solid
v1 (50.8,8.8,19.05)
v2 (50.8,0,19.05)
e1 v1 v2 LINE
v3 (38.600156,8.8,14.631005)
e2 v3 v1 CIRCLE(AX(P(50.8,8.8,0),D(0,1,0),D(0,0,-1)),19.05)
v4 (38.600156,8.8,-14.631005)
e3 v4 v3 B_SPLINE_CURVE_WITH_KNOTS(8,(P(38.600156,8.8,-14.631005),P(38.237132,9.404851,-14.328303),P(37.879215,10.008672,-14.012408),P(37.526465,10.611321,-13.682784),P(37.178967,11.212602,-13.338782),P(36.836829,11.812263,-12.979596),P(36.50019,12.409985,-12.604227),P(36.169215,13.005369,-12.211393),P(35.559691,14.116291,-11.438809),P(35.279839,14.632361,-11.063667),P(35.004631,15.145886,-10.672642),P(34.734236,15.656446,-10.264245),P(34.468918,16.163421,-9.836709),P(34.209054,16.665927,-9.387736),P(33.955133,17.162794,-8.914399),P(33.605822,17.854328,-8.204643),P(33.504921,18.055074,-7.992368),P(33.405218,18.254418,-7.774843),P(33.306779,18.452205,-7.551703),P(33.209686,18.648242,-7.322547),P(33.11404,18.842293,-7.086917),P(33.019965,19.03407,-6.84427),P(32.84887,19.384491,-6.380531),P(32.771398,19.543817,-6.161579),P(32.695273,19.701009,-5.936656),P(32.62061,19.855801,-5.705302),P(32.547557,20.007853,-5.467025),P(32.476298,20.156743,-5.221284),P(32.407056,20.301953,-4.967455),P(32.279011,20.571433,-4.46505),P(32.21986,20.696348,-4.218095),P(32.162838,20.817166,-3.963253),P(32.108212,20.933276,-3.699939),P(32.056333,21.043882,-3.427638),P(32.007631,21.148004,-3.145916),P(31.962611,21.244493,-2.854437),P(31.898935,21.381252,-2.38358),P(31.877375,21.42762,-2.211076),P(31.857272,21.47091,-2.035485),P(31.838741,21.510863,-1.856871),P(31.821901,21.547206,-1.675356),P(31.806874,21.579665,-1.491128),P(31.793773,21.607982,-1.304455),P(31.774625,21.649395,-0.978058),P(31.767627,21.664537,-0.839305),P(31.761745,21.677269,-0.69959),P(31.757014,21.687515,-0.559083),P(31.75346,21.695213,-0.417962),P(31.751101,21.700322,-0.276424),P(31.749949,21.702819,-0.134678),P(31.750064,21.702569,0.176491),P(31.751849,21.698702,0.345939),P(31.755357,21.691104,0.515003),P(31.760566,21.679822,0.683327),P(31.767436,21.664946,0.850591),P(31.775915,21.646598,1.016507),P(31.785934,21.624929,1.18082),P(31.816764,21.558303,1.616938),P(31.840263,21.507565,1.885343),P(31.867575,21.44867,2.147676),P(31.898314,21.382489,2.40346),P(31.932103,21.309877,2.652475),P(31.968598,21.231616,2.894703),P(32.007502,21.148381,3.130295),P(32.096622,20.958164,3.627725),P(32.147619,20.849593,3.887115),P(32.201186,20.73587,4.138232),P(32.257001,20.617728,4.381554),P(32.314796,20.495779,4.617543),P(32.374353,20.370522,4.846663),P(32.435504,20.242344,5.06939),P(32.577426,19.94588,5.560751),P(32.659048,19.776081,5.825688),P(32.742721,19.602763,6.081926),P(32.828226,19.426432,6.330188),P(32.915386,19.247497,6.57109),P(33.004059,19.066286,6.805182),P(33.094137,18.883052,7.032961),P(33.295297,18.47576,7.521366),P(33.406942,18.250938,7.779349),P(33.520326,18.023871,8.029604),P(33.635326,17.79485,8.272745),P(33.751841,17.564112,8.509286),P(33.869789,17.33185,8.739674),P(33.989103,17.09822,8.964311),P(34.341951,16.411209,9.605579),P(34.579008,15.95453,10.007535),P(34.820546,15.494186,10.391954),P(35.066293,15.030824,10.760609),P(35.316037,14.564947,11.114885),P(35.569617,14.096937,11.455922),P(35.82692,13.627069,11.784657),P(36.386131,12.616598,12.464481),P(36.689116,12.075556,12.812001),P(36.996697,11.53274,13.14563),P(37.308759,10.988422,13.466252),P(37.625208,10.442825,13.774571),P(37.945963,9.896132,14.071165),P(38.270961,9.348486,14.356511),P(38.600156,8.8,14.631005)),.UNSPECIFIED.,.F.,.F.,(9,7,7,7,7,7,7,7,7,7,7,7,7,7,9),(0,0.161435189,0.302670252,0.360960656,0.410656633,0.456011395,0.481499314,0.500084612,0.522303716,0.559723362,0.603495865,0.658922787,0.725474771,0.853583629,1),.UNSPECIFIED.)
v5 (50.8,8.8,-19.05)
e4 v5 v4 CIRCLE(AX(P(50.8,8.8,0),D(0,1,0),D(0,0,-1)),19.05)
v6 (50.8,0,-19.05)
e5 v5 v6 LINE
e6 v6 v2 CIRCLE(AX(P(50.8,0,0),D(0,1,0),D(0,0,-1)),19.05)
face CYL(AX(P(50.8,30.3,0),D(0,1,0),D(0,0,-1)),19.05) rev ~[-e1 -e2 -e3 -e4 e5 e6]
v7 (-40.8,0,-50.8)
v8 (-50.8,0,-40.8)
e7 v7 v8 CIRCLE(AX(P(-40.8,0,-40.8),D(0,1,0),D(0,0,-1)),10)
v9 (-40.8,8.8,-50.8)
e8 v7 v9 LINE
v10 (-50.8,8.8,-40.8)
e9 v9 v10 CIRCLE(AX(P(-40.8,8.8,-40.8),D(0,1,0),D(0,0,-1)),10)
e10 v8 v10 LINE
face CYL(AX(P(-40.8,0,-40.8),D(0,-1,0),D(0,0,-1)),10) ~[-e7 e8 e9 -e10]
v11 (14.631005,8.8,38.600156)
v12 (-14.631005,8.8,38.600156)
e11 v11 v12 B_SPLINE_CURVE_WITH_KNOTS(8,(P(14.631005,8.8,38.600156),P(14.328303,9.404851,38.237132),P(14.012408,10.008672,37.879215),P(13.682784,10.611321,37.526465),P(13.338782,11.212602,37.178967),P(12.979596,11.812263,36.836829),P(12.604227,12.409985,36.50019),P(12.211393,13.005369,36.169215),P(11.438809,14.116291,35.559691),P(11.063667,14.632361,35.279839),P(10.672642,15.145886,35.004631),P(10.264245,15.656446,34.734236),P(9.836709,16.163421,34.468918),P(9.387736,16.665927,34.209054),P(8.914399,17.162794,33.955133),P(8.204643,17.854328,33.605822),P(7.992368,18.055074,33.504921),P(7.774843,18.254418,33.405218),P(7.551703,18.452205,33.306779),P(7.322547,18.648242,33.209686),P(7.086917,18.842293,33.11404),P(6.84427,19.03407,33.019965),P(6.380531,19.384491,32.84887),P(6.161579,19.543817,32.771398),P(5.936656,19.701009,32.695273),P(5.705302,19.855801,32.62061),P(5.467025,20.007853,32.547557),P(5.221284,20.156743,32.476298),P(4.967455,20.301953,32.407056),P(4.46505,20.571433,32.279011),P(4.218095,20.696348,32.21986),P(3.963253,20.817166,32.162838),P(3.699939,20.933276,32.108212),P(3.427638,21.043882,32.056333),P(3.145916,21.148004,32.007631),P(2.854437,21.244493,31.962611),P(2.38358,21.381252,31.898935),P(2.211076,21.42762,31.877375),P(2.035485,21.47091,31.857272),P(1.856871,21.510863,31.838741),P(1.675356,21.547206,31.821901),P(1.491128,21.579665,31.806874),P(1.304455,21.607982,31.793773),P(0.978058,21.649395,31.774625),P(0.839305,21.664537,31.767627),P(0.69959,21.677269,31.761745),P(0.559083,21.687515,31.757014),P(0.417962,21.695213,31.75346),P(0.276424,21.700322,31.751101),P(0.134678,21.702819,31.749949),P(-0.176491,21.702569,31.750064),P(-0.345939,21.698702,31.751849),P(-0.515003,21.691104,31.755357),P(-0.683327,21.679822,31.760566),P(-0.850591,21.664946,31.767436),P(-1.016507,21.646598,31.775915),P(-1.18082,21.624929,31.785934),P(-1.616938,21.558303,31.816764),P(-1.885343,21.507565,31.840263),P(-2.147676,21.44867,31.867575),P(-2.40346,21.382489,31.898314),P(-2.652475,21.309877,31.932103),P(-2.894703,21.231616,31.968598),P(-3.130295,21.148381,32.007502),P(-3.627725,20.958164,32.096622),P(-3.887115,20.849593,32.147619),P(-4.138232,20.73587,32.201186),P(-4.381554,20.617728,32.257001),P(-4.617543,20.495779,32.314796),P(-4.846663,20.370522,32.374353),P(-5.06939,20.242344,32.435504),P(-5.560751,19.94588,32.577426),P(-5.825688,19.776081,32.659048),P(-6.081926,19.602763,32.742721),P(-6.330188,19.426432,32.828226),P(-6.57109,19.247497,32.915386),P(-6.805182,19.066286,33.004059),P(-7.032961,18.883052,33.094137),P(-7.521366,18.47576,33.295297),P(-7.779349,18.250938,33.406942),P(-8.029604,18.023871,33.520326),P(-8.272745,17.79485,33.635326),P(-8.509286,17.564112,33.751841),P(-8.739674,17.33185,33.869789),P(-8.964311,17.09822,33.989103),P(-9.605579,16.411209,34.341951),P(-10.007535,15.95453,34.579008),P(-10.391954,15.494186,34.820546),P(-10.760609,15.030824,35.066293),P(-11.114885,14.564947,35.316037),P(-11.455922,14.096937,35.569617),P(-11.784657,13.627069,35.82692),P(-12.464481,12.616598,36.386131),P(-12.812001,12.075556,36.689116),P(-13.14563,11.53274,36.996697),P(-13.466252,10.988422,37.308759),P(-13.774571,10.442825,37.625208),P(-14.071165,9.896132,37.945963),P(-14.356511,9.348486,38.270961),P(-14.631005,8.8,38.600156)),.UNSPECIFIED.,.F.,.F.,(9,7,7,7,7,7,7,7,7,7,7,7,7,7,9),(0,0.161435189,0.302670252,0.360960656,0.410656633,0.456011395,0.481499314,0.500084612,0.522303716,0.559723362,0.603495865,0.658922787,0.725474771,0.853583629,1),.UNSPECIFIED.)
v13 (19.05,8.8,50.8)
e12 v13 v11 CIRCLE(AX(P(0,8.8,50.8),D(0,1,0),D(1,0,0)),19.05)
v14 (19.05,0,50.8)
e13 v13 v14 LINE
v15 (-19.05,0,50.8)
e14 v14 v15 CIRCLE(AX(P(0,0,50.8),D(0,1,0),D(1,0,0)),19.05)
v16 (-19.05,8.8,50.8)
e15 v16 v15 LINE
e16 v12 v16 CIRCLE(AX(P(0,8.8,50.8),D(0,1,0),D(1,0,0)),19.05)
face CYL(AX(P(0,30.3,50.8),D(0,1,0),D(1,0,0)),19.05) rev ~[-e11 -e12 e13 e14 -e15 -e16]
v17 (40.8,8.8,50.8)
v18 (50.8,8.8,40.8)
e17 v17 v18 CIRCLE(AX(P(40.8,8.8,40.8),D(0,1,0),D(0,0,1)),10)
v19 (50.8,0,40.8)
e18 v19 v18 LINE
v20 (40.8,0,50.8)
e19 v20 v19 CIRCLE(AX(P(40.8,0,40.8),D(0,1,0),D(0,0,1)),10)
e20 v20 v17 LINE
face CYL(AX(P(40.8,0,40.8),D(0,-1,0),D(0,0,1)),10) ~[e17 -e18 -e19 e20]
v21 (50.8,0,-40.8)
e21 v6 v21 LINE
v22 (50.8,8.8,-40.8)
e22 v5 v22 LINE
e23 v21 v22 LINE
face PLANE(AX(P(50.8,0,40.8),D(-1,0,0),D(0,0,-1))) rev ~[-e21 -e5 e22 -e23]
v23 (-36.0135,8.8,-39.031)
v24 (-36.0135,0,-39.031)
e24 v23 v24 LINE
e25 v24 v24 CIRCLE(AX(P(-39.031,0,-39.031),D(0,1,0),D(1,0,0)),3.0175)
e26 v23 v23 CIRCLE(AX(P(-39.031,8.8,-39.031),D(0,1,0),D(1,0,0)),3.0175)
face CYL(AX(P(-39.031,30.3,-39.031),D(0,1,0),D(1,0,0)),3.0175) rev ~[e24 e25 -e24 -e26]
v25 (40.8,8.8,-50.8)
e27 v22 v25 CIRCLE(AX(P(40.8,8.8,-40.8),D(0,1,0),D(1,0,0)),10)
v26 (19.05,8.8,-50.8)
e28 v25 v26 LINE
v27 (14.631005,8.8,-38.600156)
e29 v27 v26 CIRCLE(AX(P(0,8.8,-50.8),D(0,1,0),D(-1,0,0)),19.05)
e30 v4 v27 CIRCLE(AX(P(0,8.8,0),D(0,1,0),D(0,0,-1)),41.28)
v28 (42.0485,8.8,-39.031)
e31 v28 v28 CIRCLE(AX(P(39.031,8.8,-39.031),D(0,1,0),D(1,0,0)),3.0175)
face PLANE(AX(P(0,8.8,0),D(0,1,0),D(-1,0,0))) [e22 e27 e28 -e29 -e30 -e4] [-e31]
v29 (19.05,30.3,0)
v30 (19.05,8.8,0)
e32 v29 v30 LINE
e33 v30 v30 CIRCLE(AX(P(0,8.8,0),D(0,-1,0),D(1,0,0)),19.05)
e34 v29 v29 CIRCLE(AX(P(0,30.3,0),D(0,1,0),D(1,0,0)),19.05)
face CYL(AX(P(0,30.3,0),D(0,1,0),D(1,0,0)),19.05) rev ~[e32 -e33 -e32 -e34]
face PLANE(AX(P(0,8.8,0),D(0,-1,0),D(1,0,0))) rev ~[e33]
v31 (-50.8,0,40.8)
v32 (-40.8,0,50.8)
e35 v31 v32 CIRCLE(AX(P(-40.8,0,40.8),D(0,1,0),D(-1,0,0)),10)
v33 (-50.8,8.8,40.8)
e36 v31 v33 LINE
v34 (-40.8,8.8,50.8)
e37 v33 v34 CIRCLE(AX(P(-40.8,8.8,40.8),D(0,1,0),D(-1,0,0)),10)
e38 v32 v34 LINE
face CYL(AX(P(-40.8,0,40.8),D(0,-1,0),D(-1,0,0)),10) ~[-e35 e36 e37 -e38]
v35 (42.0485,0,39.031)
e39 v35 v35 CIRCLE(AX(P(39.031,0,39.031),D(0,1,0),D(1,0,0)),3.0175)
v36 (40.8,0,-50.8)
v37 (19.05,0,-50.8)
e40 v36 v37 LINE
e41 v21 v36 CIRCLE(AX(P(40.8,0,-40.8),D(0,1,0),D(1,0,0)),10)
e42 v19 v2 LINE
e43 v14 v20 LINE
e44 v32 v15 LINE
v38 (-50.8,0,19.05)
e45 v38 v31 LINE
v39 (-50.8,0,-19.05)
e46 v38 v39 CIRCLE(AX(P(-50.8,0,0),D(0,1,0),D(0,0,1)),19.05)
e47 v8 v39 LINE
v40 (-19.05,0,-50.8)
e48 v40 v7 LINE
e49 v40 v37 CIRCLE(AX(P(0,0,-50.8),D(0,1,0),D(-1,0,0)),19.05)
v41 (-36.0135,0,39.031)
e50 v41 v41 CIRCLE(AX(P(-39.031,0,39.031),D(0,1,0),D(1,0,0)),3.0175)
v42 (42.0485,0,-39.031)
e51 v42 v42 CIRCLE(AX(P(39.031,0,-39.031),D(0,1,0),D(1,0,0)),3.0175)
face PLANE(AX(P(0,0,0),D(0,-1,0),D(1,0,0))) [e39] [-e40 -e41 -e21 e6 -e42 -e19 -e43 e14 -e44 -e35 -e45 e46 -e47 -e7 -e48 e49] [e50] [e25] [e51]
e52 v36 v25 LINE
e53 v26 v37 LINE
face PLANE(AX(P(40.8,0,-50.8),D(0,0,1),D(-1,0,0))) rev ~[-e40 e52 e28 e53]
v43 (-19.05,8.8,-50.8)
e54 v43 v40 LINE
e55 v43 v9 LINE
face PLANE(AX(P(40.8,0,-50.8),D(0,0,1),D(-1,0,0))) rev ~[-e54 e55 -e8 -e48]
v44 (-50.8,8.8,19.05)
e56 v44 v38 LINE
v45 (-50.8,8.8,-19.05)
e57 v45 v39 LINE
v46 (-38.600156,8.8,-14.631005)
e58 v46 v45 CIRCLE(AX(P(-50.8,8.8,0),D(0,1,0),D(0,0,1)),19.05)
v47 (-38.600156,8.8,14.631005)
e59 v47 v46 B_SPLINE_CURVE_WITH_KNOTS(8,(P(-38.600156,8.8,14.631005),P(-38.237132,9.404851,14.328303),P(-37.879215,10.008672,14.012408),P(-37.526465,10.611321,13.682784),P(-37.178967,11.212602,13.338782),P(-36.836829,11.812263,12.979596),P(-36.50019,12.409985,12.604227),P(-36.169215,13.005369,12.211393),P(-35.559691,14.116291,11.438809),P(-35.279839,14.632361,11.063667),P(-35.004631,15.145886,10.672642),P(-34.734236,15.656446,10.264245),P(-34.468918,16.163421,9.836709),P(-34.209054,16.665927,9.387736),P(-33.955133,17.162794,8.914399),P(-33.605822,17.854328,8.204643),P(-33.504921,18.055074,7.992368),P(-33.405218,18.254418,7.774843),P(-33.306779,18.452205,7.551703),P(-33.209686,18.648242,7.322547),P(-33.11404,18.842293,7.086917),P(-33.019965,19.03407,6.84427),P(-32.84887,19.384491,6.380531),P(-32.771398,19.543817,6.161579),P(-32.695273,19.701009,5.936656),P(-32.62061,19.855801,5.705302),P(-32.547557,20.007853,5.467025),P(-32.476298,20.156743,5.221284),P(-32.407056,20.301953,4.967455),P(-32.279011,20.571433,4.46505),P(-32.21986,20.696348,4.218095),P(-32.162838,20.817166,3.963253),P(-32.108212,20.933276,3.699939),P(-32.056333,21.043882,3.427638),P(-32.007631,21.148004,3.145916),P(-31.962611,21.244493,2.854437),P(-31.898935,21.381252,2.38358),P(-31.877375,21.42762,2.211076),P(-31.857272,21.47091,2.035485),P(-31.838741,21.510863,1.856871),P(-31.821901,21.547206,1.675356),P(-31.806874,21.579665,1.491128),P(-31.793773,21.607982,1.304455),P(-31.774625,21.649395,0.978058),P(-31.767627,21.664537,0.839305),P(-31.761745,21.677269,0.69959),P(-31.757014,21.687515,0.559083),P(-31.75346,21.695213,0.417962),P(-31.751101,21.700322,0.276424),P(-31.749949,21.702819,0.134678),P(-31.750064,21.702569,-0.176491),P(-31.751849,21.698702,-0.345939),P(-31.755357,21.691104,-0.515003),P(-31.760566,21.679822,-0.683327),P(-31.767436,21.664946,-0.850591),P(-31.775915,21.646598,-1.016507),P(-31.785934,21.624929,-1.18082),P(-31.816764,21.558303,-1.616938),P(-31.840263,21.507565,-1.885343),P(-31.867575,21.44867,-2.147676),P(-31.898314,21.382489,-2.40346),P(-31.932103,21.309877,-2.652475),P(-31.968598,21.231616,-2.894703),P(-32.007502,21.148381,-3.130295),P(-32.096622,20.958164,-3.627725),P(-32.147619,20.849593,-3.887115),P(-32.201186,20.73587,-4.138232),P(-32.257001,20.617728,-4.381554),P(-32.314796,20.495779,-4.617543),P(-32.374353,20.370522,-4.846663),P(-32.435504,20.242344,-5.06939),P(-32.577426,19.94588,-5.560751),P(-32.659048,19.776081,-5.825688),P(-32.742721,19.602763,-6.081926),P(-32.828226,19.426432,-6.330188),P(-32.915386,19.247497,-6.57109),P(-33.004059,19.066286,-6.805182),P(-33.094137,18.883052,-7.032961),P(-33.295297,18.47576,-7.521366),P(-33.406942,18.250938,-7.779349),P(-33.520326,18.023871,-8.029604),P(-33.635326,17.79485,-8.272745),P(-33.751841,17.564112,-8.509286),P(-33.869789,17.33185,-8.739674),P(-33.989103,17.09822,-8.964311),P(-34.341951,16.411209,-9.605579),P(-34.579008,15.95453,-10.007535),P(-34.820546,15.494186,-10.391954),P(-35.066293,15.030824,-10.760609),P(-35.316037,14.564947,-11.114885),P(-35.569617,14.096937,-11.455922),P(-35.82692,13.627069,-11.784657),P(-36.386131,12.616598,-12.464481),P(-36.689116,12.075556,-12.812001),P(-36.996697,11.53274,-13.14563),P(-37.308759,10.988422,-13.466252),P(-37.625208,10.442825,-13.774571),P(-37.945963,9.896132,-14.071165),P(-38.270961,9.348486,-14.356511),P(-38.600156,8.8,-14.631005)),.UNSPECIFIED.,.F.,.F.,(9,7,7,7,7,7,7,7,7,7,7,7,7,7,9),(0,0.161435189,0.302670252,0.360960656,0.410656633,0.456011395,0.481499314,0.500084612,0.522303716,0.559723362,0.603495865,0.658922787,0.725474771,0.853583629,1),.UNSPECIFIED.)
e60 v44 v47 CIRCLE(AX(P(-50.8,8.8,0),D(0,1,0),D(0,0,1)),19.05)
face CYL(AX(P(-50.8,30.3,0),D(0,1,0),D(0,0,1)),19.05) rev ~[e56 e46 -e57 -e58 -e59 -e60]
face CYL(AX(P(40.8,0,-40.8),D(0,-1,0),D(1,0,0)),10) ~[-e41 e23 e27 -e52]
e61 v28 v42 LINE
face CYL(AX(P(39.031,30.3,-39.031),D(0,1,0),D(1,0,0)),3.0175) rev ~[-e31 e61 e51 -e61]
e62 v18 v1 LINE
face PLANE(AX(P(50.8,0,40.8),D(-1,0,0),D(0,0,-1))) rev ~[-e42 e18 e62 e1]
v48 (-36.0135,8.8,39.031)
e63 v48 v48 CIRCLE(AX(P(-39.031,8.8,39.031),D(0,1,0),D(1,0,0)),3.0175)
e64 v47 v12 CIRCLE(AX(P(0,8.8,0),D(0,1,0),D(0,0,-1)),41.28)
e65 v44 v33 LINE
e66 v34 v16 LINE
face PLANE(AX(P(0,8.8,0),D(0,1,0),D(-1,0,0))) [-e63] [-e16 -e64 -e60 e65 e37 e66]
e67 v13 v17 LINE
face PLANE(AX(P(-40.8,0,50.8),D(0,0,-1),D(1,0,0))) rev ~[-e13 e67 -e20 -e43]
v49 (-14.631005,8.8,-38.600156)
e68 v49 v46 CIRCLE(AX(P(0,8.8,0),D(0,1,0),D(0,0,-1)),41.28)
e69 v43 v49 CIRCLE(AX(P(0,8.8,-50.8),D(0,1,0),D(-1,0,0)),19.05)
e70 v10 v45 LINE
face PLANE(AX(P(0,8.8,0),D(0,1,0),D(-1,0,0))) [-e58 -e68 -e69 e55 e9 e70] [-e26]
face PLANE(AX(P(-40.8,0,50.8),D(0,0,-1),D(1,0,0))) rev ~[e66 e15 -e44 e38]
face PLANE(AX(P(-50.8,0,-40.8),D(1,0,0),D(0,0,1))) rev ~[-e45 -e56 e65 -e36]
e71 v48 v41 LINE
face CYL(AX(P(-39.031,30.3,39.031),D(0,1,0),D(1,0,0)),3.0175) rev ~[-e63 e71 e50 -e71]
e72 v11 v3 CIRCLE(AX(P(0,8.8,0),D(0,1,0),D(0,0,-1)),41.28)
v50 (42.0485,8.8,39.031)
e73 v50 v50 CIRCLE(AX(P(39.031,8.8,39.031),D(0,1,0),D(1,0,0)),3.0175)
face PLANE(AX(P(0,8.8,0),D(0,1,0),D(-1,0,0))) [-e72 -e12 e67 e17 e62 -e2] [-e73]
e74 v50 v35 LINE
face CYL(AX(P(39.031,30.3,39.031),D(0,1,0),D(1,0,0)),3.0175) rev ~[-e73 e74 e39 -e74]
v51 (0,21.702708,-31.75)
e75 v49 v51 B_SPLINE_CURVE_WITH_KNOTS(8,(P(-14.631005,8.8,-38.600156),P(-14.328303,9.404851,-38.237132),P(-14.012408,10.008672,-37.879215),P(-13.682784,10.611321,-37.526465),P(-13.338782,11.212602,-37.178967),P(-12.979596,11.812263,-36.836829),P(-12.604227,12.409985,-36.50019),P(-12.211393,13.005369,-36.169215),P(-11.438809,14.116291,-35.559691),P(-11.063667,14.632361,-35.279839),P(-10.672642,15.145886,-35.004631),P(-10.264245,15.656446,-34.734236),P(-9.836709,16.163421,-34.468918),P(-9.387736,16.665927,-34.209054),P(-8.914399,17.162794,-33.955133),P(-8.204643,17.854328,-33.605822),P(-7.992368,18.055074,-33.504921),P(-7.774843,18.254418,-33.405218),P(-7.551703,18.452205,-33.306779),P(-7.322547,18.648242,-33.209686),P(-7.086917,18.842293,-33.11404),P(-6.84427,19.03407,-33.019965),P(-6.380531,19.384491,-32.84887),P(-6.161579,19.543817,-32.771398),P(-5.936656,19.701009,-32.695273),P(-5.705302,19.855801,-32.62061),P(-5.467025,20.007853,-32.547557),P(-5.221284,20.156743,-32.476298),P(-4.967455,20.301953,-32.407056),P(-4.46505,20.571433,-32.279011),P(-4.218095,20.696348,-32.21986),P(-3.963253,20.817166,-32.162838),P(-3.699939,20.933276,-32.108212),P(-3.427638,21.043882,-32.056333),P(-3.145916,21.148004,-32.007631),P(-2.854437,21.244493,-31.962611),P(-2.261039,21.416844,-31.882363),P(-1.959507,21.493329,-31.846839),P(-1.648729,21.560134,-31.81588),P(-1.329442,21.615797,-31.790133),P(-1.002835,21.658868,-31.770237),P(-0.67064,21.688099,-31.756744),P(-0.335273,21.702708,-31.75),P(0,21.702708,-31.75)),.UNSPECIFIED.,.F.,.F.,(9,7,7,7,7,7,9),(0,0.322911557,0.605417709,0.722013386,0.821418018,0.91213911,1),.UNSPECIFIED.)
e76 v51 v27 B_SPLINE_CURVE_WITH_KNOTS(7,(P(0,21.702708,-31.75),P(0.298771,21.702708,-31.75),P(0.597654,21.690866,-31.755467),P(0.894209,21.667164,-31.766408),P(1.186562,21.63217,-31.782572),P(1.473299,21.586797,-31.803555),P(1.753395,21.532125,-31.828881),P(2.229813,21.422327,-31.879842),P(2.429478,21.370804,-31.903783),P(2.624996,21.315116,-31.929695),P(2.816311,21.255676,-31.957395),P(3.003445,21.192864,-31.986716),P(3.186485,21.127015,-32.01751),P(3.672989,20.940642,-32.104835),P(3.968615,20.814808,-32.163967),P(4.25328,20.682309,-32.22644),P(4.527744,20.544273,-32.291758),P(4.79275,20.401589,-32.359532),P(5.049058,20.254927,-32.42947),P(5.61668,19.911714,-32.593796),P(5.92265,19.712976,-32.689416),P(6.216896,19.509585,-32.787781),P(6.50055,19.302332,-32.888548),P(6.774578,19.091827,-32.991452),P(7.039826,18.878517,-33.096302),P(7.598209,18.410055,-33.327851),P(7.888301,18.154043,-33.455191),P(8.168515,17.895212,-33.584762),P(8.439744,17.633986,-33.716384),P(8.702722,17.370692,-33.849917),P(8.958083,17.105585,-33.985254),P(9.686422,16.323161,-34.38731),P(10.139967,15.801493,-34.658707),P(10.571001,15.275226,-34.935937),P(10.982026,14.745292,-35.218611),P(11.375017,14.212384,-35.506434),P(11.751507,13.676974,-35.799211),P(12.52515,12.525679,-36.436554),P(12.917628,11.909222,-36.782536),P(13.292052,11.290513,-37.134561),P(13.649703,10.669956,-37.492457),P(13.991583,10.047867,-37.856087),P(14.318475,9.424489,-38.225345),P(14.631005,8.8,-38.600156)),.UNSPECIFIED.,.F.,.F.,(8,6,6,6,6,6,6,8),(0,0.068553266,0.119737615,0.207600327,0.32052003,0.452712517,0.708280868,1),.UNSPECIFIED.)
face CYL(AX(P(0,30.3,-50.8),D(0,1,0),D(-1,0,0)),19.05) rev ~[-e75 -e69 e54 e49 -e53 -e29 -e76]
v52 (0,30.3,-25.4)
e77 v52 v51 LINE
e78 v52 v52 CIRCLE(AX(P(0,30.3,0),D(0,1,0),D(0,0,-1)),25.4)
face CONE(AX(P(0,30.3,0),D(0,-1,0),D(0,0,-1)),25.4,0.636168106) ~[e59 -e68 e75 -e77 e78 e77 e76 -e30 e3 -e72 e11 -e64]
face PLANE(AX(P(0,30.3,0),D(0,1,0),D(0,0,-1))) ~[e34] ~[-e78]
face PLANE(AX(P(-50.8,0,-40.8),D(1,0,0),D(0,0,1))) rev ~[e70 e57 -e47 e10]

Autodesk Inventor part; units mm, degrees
ref_plane "YZ Plane" through (0, 0, 0) normal (1, 0, 0) x (0, 1, 0)
ref_plane "XZ Plane" through (0, 0, 0) normal (0, 1, 0) x (-1, 0, 0)
ref_plane "XY Plane" through (0, 0, 0) normal (0, 0, 1) x (1, 0, 0)
sketch "Sketch1" plane through (0, 0, 0) normal (0, 1, 0) x (-1, 0, 0)
  line L0 (40.8, 50.8) -> (-40.8, 50.8)
  line L1 (-50.8, 40.8) -> (-50.8, -40.8)
  line L2 (-40.8, -50.8) -> (40.8, -50.8)
  line L3 (50.8, -40.8) -> (50.8, 40.8)
  line L4 (50.8, 50.8) -> (-50.8, -50.8) construction
  line L5 (-50.8, 50.8) -> (50.8, -50.8) construction
  arc A0 (50.8, 40.8) -> (40.8, 50.8) centre (40.8, 40.8) ccw
  arc A1 (-40.8, 50.8) -> (-50.8, 40.8) centre (-40.8, 40.8) ccw
  arc A2 (-50.8, -40.8) -> (-40.8, -50.8) centre (-40.8, -40.8) ccw
  arc A3 (40.8, -50.8) -> (50.8, -40.8) centre (40.8, -40.8) ccw
  point P0 (0, 0)
  dimension "d0" = 101.6
  dimension "d1" = 101.6
  dimension "d2" = 10
extrude "Extrusion1" add sketch "Sketch1" along normal blind 8.8
sketch "Sketch2" plane through (0, 0, 0) normal (1, 0, 0) x (0, 1, 0)
  line L0 (8.8, 40.8) -> (8.8, -40.8) projected
  line L1 (8.8, 0) -> (30.3, 0)
  line L2 (30.3, 0) -> (30.3, -25.4)
  line L3 (30.3, -25.4) -> (8.8, -41.28)
  line L4 (8.8, 0) -> (8.8, -41.28)
  line L5 (-49.004, 0) -> (294.024, 0) projected
  point P0 (0, 0)
  dimension "d5" = 25.4
  dimension "d6" = 21.5
  dimension "d7" = 41.28
revolve "Revolution1" add sketch "Sketch2" angle 360 about axis through (0, -10, 0) along (0, 1, 0)
sketch "Sketch3" plane through (0, 30.3, 0) normal (0, 1, 0) x (1, 0, 0)
  circle A0 centre (0, 0) radius 41.28 projected
  circle A1 centre (0, 0) radius 19.05
  line L0 (40.8, 50.8) -> (-40.8, 50.8) projected
  arc A2 (-19.05, 50.8) -> (19.05, 50.8) centre (0, 50.8) ccw
  line L1 (50.8, -40.8) -> (50.8, 40.8) projected
  arc A3 (50.8, 19.05) -> (50.8, -19.05) centre (50.8, 0) ccw
  line L2 (-40.8, -50.8) -> (40.8, -50.8) projected
  arc A4 (19.05, -50.8) -> (-19.05, -50.8) centre (0, -50.8) ccw
  line L3 (-50.8, 40.8) -> (-50.8, -40.8) projected
  arc A5 (-50.8, -19.05) -> (-50.8, 19.05) centre (-50.8, 0) ccw
  line L4 (-50.8, -19.05) -> (-50.8, 19.05)
  line L5 (-19.05, 50.8) -> (19.05, 50.8)
  line L6 (50.8, 19.05) -> (50.8, -19.05)
  line L7 (19.05, -50.8) -> (-19.05, -50.8)
  line L8 (-39.031, 39.031) -> (39.031, 39.031)
  line L9 (39.031, 39.031) -> (39.031, -39.031)
  line L10 (39.031, -39.031) -> (-39.031, -39.031)
  line L11 (-39.031, -39.031) -> (-39.031, 39.031)
  line L12 (-39.031, 39.031) -> (39.031, -39.031) construction
  line L13 (39.031, 39.031) -> (-39.031, -39.031) construction
  circle A6 centre (-39.031, 39.031) radius 3.0175
  circle A7 centre (39.031, 39.031) radius 3.0175
  circle A8 centre (39.031, -39.031) radius 3.0175
  circle A9 centre (-39.031, -39.031) radius 3.0175
  point P0 (50.8, 19.05)
  dimension "d9" = 38.1
  dimension "d10" = 78.062
  dimension "d11" = 78.062
  dimension "d12" = 6.035
extrude "Extrusion2" cut sketch "Sketch3" against normal through all contours A0 L9 | A0 L9 A3 L1 | L9 A0 A3 | A0 A3 L9 | L9 A3 A0 | A2 A0 L8 | A0 L8 A2 | A4 L10 A0 | A0 L10 A4 | L8 A0 | A0 L8 A2 L0 | A2 L8 A0 | L10 A4 L2 A0 | A0 L10 | A0 L10 A4 | A5 A0 L11 | A0 L11 A5 | A5 L11 A0 | L11 A0 | A0 L11 A5 L3 | A1
extrude "Extrusion3" cut sketch "Sketch3" against normal through all contours A7 L8 L9 | L9 L8 A7 | A8 L10 L9 | L9 L10 A8 | A6 L11 L8 | L8 L11 A6 | A9 L11 L10 | L10 L11 A9
sketch "Sketch4" plane through (0, 0, 0) normal (0, -1, 0) x (1, 0, 0)
  circle A0 centre (0, 0) radius 19.05
  dimension "d19" = 38.1
extrude "Extrusion4" add sketch "Sketch4" against normal up to surface (8.8 mm away)
properties part number "WindTurbine"
